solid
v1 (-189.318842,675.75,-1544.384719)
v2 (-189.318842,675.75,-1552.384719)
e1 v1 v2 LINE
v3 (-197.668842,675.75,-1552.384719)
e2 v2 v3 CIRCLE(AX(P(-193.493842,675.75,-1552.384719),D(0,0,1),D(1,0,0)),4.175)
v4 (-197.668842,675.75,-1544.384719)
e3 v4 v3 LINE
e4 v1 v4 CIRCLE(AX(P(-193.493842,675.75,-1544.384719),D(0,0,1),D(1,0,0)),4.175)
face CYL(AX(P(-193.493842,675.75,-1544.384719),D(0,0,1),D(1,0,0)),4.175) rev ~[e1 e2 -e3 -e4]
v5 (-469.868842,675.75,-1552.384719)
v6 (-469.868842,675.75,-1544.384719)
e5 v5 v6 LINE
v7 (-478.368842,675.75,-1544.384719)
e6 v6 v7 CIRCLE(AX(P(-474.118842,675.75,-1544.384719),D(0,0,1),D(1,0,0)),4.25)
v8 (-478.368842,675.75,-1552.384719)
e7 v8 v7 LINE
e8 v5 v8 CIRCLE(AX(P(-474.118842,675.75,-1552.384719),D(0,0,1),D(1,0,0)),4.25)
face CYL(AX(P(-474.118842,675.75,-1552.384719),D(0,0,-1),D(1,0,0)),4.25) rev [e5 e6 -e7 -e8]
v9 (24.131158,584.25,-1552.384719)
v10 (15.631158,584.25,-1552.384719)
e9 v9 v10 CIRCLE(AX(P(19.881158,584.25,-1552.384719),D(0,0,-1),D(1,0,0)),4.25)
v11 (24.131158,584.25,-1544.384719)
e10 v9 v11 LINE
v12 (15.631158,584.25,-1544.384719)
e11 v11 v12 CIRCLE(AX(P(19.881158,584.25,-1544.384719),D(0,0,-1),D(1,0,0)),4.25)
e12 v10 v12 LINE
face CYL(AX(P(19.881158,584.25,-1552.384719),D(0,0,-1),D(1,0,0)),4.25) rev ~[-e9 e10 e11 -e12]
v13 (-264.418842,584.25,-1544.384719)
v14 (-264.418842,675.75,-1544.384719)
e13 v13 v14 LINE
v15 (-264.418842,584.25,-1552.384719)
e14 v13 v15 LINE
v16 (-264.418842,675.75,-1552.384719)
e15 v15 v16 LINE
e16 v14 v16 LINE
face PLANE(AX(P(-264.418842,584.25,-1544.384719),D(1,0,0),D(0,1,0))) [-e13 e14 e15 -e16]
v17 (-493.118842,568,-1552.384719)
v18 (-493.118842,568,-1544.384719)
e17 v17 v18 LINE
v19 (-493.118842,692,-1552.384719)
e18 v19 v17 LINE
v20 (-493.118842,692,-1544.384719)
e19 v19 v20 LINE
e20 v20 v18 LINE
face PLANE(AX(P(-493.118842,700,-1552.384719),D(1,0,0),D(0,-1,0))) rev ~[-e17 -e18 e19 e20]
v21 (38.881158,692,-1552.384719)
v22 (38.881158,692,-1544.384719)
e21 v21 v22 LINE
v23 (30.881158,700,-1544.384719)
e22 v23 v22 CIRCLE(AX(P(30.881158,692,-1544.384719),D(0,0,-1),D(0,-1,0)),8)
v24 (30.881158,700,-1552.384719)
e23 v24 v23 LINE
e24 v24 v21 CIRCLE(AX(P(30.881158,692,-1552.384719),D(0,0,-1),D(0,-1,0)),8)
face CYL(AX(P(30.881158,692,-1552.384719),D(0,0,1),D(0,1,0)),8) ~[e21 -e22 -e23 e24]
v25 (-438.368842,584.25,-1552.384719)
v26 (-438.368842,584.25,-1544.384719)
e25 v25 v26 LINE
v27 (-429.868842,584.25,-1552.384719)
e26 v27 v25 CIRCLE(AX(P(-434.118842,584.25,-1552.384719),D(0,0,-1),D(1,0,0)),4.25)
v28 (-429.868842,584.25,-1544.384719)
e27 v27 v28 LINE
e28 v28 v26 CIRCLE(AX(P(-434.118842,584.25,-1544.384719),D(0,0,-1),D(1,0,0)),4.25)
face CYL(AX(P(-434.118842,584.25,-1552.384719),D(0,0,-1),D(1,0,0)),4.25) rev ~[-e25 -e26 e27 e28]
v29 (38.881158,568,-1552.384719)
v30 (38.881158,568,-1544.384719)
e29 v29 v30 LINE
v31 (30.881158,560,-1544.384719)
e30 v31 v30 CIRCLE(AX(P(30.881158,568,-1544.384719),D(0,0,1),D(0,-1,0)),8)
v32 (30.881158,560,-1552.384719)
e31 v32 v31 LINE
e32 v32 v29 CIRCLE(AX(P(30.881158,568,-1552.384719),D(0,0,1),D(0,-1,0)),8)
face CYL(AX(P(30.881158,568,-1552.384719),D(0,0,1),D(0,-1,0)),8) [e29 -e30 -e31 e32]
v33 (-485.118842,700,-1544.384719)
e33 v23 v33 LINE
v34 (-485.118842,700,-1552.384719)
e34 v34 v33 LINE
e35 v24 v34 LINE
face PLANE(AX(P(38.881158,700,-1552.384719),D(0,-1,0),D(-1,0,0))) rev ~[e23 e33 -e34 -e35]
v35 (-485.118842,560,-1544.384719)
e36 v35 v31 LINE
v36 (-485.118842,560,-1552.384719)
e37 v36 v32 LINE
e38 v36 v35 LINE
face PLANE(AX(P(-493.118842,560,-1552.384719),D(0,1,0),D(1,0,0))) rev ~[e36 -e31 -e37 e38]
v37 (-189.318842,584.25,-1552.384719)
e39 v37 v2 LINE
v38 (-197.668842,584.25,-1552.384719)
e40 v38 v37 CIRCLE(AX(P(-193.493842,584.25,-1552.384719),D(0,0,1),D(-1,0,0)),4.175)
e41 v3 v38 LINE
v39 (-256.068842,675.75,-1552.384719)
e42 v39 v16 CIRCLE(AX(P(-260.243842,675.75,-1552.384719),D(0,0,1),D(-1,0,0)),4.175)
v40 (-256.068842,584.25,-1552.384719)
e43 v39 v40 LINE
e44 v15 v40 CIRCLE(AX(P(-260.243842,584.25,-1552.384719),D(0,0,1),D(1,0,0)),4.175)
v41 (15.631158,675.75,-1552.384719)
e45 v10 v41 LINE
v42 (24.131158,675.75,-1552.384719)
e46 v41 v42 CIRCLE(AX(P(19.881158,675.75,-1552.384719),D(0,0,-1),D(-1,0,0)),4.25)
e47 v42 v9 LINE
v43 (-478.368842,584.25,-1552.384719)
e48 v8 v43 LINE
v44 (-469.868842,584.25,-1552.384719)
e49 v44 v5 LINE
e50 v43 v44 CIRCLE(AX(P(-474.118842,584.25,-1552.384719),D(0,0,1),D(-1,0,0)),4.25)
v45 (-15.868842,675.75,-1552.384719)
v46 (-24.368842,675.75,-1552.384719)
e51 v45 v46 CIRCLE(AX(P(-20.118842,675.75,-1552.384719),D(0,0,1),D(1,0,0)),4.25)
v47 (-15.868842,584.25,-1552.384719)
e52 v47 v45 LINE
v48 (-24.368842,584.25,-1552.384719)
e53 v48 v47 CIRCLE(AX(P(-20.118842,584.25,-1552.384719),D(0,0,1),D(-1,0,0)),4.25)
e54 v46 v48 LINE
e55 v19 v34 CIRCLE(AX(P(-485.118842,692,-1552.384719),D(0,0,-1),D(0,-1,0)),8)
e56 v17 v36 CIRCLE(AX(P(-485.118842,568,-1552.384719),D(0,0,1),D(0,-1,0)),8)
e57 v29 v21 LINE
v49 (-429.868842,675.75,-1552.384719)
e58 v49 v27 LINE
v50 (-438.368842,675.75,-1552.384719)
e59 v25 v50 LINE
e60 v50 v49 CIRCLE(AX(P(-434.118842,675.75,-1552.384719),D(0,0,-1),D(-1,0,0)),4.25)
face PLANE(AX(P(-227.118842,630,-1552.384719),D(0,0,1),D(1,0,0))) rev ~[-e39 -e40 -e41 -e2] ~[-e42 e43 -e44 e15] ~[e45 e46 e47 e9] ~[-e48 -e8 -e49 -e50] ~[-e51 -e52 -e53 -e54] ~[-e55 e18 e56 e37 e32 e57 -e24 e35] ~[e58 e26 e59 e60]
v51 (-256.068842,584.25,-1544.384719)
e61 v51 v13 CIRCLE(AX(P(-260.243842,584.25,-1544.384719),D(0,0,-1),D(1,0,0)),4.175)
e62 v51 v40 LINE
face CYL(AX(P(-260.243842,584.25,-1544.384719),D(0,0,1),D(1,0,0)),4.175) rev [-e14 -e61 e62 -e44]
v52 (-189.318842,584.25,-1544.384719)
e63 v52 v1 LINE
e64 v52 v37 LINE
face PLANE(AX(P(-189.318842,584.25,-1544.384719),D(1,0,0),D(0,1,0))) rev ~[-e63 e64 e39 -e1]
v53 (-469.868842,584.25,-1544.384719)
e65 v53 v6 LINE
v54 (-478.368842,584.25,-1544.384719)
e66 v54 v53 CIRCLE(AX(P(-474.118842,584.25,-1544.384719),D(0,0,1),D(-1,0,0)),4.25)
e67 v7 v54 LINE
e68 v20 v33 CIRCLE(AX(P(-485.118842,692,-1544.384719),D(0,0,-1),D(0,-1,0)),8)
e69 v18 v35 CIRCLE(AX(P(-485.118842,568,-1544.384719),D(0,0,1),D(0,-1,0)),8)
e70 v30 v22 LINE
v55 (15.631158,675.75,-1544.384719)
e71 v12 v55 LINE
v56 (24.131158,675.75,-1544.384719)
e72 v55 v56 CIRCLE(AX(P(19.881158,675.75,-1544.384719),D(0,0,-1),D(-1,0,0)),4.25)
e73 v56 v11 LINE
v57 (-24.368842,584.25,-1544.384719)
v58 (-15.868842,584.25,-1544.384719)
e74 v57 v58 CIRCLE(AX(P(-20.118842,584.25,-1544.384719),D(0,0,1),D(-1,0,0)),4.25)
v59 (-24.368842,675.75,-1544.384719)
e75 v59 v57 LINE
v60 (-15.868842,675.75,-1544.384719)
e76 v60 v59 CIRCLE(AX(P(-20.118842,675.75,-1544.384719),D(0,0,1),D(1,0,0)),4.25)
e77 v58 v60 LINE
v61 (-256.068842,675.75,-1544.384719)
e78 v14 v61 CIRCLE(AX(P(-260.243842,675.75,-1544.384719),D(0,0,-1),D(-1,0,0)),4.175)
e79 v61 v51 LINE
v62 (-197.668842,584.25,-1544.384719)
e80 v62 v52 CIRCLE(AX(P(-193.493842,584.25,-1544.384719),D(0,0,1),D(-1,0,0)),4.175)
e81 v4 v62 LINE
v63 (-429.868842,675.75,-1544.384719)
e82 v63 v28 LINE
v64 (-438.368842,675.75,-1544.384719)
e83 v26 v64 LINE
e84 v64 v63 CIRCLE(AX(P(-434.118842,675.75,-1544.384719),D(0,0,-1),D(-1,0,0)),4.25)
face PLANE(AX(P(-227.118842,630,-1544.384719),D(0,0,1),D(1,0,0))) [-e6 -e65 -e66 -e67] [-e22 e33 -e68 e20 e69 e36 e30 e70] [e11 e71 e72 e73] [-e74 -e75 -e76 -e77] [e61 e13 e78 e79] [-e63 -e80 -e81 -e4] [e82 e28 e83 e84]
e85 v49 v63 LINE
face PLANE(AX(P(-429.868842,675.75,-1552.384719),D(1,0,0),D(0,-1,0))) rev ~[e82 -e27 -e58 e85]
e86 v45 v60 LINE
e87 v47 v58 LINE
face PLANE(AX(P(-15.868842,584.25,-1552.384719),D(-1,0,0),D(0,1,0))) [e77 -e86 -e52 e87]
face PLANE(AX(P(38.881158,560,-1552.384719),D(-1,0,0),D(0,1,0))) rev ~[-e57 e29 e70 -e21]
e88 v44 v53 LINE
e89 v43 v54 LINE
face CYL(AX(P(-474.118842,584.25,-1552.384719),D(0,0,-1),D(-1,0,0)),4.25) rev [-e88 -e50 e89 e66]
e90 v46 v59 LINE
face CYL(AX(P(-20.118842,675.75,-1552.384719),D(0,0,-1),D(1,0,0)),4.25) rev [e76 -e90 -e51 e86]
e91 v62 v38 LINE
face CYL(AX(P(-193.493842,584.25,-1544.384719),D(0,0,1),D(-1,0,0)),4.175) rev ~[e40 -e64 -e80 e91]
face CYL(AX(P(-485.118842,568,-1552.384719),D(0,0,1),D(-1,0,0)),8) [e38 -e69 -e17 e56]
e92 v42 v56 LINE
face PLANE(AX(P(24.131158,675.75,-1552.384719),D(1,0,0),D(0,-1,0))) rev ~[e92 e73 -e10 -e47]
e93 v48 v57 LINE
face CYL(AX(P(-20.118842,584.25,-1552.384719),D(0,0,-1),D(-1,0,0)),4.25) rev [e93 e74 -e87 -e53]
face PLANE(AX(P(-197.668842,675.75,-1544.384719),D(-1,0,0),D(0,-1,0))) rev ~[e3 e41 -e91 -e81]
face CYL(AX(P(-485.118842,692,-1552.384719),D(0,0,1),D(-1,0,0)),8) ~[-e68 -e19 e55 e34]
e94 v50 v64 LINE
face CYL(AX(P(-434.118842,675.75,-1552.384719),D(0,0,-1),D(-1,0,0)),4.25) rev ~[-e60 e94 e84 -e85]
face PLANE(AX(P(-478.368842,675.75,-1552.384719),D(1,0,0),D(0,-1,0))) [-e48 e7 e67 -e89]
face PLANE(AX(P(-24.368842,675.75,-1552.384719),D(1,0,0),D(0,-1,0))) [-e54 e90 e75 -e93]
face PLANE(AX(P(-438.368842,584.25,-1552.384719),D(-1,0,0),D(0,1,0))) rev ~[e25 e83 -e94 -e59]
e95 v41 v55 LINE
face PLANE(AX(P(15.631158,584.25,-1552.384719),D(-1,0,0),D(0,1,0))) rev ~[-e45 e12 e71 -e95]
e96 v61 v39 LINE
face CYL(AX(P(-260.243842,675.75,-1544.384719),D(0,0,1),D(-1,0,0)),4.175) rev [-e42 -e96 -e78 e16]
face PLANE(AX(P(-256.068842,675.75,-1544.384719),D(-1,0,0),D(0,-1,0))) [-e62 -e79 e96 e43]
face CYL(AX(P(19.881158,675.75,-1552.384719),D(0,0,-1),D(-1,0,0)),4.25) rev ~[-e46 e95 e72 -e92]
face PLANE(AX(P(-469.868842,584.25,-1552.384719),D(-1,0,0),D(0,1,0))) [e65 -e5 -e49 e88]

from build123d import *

# Parameters (mm, degrees)
BOSS_EXTRUDE3_DEPTH = 8
FILLET1_R           = 8
CUT_EXTRUDE3_DEPTH  = 10


with BuildPart() as part:
    # Sketch2 → Boss-Extrude3 (new body)
    with BuildSketch(Plane.XY.offset(-1552.384718604)):
        Polygon((-493.118842126, 700), (-493.118842126, 560), (-480.118842126, 560), (38.881157874, 560), (38.881157874, 700), (-480.118842126, 700), align=None)
        with BuildLine():
            Line((15.631157874, 584.25), (15.631157874, 675.75))
            ThreePointArc((15.631157874, 675.75), (19.881157874, 680), (24.131157874, 675.75))
            Line((24.131157874, 675.75), (24.131157874, 584.25))
            ThreePointArc((24.131157874, 584.25), (19.881157874, 580), (15.631157874, 584.25))
        make_face(mode=Mode.SUBTRACT)
        with BuildLine():
            Line((-15.868842127, 584.25), (-15.868842127, 675.75))
            ThreePointArc((-15.868842127, 675.75), (-20.118842127, 680), (-24.368842127, 675.75))
            Line((-24.368842127, 675.75), (-24.368842127, 584.25))
            ThreePointArc((-24.368842127, 584.25), (-20.118842127, 580), (-15.868842127, 584.25))
        make_face(mode=Mode.SUBTRACT)
        with BuildLine():
            Line((-438.368842126, 584.25), (-438.368842126, 675.75))
            ThreePointArc((-438.368842126, 675.75), (-434.118842126, 680), (-429.868842126, 675.75))
            Line((-429.868842126, 675.75), (-429.868842126, 584.25))
            ThreePointArc((-429.868842126, 584.25), (-434.118842126, 580), (-438.368842126, 584.25))
        make_face(mode=Mode.SUBTRACT)
        with BuildLine():
            Line((-469.868842126, 584.25), (-469.868842126, 675.75))
            ThreePointArc((-469.868842126, 675.75), (-474.118842126, 680), (-478.368842126, 675.75))
            Line((-478.368842126, 675.75), (-478.368842126, 584.25))
            ThreePointArc((-478.368842126, 584.25), (-474.118842126, 580), (-469.868842126, 584.25))
        make_face(mode=Mode.SUBTRACT)
    extrude(amount=BOSS_EXTRUDE3_DEPTH)

    # Fillet1
    fillet1_edges = [part.edges().sort_by_distance(p)[0] for p in [
        (-493.118842126, 560, -1548.384718604),
        (-493.118842126, 700, -1548.384718604),
        (38.881157874, 700, -1548.384718604),
        (38.881157874, 560, -1548.384718604),
    ]]
    fillet(fillet1_edges, radius=FILLET1_R)

    # Sketch7 → Cut-Extrude3 (cut)
    with BuildSketch(Plane.XY.offset(-1544.384718604)):
        with BuildLine():
            Line((-256.068842126, 675.75), (-256.068842126, 584.25))
            ThreePointArc((-256.068842126, 584.25), (-260.243842126, 580.075), (-264.418842126, 584.25))
            Line((-264.418842126, 584.25), (-264.418842126, 675.75))
            ThreePointArc((-264.418842126, 675.75), (-260.243842126, 679.925), (-256.068842126, 675.75))
        make_face()
        with BuildLine():
            Line((-197.668842126, 675.75), (-197.668842126, 584.25))
            ThreePointArc((-197.668842126, 584.25), (-193.493842126, 580.075), (-189.318842126, 584.25))
            Line((-189.318842126, 584.25), (-189.318842126, 675.75))
            ThreePointArc((-189.318842126, 675.75), (-193.493842126, 679.925), (-197.668842126, 675.75))
        make_face()
    extrude(amount=-CUT_EXTRUDE3_DEPTH, mode=Mode.SUBTRACT)


solid = part.part
